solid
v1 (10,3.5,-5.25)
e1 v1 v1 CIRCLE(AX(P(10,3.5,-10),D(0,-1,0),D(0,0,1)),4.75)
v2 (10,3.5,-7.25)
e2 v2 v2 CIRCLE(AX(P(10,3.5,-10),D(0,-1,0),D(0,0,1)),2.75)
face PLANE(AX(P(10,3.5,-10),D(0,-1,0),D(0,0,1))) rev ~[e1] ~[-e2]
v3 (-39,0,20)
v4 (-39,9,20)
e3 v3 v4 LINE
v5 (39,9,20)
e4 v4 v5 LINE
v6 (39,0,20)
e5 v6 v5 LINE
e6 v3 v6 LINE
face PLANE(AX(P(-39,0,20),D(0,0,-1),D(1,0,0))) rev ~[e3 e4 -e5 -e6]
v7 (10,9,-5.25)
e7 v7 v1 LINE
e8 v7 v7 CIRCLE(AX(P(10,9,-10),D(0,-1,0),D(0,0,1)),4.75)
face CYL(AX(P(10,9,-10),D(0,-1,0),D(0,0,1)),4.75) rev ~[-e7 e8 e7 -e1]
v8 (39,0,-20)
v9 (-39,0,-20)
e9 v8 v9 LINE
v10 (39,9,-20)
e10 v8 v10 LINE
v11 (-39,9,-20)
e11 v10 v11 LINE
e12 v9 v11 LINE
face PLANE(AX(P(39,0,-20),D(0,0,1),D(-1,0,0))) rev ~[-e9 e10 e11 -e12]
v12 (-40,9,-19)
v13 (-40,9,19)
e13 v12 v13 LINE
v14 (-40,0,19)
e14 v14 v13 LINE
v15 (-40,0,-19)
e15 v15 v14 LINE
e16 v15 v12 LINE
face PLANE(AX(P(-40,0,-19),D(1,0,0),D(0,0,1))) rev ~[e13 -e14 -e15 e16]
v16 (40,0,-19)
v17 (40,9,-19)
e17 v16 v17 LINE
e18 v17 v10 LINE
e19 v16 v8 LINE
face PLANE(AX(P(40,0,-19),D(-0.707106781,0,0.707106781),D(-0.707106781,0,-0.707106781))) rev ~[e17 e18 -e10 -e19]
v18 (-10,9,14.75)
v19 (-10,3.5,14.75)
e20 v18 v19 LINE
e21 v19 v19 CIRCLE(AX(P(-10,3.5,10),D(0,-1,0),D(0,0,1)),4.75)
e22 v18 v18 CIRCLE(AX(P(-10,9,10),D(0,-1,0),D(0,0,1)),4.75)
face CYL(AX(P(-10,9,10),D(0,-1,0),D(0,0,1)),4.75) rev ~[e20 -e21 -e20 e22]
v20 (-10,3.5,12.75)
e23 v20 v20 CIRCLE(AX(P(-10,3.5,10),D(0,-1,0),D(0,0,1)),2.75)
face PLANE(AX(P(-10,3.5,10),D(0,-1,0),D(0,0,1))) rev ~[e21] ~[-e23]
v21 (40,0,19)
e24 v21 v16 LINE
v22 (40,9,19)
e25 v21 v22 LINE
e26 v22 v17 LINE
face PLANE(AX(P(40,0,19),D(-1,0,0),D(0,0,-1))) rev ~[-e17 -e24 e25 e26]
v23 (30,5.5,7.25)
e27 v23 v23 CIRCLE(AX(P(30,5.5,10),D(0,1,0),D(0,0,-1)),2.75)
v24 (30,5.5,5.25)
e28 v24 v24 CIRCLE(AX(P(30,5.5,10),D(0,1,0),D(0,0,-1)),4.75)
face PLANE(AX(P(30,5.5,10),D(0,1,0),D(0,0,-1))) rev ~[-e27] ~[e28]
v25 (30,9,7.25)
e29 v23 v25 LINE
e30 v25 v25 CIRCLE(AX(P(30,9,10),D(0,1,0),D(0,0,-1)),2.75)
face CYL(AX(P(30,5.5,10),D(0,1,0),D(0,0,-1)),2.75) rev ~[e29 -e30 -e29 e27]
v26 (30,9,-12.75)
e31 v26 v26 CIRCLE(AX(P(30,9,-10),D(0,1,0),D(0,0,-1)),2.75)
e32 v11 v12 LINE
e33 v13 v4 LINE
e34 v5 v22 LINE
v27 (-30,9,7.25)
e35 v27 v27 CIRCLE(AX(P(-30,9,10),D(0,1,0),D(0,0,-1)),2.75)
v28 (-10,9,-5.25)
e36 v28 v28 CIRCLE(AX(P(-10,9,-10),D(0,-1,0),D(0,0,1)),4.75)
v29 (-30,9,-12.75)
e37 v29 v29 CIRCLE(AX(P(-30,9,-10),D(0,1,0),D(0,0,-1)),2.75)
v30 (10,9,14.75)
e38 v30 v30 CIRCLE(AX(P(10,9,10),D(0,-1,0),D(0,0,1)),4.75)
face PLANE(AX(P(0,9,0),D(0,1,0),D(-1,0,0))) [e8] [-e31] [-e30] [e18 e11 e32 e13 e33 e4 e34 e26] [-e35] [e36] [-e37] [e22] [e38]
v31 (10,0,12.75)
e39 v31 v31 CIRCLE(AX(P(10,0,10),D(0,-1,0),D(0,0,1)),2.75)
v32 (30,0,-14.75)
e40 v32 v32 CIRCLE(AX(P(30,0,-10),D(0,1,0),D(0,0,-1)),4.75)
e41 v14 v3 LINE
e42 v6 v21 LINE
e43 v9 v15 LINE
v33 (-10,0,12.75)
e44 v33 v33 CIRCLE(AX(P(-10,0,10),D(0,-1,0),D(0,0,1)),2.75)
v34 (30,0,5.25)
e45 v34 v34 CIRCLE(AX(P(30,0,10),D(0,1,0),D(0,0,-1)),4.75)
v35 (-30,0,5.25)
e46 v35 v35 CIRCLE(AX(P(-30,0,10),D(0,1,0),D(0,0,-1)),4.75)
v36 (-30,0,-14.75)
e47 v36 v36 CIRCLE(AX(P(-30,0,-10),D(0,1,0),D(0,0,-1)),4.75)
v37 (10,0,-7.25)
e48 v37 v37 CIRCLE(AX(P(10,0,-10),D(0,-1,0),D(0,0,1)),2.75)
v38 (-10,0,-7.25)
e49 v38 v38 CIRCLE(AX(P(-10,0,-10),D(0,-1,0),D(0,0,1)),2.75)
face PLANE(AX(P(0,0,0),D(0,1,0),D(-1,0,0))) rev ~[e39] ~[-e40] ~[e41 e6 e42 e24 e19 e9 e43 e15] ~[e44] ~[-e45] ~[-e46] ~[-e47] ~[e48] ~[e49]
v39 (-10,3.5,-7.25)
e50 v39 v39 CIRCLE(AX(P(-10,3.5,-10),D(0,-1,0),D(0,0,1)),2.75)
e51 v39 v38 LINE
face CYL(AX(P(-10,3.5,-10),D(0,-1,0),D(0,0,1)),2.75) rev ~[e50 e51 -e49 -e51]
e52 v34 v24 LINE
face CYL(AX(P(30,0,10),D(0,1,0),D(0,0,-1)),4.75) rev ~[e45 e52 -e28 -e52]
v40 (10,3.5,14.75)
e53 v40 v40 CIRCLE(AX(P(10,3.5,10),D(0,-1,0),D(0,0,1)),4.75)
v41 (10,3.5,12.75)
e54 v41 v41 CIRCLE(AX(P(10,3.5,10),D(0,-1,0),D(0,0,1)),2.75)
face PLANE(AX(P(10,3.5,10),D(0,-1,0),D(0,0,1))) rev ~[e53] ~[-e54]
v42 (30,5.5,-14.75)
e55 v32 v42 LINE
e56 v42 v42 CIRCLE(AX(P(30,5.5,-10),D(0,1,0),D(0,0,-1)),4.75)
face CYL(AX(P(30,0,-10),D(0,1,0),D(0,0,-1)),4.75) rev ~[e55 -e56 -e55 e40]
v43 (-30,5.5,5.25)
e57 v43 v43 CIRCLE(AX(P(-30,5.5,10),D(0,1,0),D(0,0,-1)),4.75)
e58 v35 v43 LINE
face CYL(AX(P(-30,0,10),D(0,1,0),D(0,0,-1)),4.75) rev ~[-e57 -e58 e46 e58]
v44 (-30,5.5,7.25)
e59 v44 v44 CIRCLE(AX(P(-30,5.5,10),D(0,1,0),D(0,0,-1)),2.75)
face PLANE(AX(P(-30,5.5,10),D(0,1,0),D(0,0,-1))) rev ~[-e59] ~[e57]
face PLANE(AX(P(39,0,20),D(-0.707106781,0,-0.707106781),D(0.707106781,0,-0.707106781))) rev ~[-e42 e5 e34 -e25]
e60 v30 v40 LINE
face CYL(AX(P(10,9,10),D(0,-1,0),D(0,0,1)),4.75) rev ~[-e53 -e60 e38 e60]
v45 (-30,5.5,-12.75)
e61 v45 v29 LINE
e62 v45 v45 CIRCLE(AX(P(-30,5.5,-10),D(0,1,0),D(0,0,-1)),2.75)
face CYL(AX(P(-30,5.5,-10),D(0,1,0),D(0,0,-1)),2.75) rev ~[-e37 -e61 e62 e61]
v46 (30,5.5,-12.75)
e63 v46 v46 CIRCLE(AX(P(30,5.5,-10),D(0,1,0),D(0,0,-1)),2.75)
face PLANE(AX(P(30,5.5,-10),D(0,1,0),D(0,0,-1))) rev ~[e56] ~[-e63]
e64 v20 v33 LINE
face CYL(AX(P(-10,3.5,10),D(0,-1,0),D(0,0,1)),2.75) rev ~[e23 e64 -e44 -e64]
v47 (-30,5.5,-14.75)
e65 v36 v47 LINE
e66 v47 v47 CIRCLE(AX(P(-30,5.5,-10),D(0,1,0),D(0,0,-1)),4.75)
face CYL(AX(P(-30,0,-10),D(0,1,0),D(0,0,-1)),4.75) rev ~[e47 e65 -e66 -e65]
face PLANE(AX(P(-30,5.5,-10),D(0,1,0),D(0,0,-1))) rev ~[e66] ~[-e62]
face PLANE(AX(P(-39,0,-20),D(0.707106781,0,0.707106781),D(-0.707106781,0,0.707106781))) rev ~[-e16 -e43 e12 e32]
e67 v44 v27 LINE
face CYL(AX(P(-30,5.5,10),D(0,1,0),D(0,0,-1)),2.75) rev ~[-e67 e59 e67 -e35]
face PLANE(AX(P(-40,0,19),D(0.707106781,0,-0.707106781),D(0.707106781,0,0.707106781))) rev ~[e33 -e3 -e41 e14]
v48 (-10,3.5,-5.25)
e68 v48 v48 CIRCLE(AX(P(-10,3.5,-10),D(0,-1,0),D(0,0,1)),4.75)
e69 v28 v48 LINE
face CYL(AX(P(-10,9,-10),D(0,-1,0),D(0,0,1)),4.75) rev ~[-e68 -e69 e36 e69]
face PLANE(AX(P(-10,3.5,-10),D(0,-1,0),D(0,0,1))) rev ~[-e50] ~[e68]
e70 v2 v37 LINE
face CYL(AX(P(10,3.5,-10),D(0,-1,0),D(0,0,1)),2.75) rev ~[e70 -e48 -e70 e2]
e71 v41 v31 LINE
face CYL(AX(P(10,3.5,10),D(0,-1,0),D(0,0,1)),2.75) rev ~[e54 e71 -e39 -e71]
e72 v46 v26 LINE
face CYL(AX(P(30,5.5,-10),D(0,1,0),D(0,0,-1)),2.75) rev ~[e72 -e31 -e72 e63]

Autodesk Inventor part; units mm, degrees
sketch "Sketch_4" plane through (0, 0, 0) normal (0, 1, 0) x (-1, 0, 0)
  line L0 (40, -19) -> (40, 19)
  line L1 (40, 19) -> (39, 20)
  line L2 (39, 20) -> (-39, 20)
  line L3 (-39, 20) -> (-40, 19)
  line L4 (-40, 19) -> (-40, -19)
  line L5 (-40, -19) -> (-39, -20)
  line L6 (-39, -20) -> (39, -20)
  line L7 (39, -20) -> (40, -19)
extrude "Extrusion1" add sketch "Sketch_4" along normal blind 9
sketch "Sketch2" plane through (0, 0, 0) normal (0, -1, 0) x (1, 0, 0)
  point P0 (-30, 10)
hole "Hole1" at (-30, 0, 10) direction (0, 1, 0) diameter 5.5 depth 9 counterbore diameter 9.5 counterbore depth 5.5
pattern_linear "Rectangular Pattern1" count 2 spacing 60 along (1, 0, 0) count 2 spacing 20 along (0, 0, -1) of "Hole1"
sketch "Sketch3" plane through (0, 9, 0) normal (0, 1, 0) x (1, 0, 0)
  point P0 (-10, -10)
hole "Hole2" at (-10, 9, 10) direction (0, -1, 0) diameter 5.5 depth 9 counterbore diameter 9.5 counterbore depth 5.5
pattern_linear "Rectangular Pattern2" count 2 spacing 20 along (1, 0, 0) count 2 spacing 20 along (0, 0, -1) of "Hole2"
ref_plane "bolt4_1_XY" through (-10, 3.5, 10) normal (0, 1, 0) x (1, 0, 0)
ref_plane "bolt4_1_YZ" through (-10, 3.5, 10) normal (1, 0, 0) x (0, 0, -1)
ref_plane "bolt4_1_ZX" through (-10, 3.5, 10) normal (0, 0, -1) x (0, 1, 0)
ref_plane "bolt4_2_XY" through (10, 3.5, 10) normal (0, 1, 0) x (1, 0, 0)
ref_plane "bolt4_2_YZ" through (10, 3.5, 10) normal (1, 0, 0) x (0, 0, -1)
ref_plane "bolt4_2_ZX" through (10, 3.5, 10) normal (0, 0, -1) x (0, 1, 0)
ref_plane "bolt4_3_XY" through (-10, 3.5, -10) normal (0, 1, 0) x (1, 0, 0)
ref_plane "bolt4_3_YZ" through (-10, 3.5, -10) normal (1, 0, 0) x (0, 0, -1)
ref_plane "bolt4_3_ZX" through (-10, 3.5, -10) normal (0, 0, -1) x (0, 1, 0)
ref_plane "bolt4_4_XY" through (10, 3.5, -10) normal (0, 1, 0) x (1, 0, 0)
ref_plane "bolt4_4_YZ" through (10, 3.5, -10) normal (1, 0, 0) x (0, 0, -1)
ref_plane "bolt4_4_ZX" through (10, 3.5, -10) normal (0, 0, -1) x (0, 1, 0)
ref_plane "bolt5_1_XY" through (-30, 5.5, 10) normal (0, 1, 0) x (1, 0, 0)
ref_plane "bolt5_1_YZ" through (-30, 5.5, 10) normal (1, 0, 0) x (0, 0, -1)
ref_plane "bolt5_1_ZX" through (-30, 5.5, 10) normal (0, 0, -1) x (0, 1, 0)
ref_plane "bolt5_2_XY" through (30, 5.5, 10) normal (0, 1, 0) x (1, 0, 0)
ref_plane "bolt5_2_YZ" through (30, 5.5, 10) normal (1, 0, 0) x (0, 0, -1)
ref_plane "bolt5_2_ZX" through (30, 5.5, 10) normal (0, 0, -1) x (0, 1, 0)
ref_plane "bolt5_3_XY" through (-30, 5.5, -10) normal (0, 1, 0) x (1, 0, 0)
ref_plane "bolt5_3_YZ" through (-30, 5.5, -10) normal (1, 0, 0) x (0, 0, -1)
ref_plane "bolt5_3_ZX" through (-30, 5.5, -10) normal (0, 0, -1) x (0, 1, 0)
ref_plane "bolt5_4_XY" through (30, 5.5, -10) normal (0, 1, 0) x (1, 0, 0)
ref_plane "bolt5_4_YZ" through (30, 5.5, -10) normal (1, 0, 0) x (0, 0, -1)
ref_plane "bolt5_4_ZX" through (30, 5.5, -10) normal (0, 0, -1) x (0, 1, 0)
ref_plane "bracket_XY" through (0, 9, 0) normal (0, 1, 0) x (1, 0, 0)
ref_plane "bracket_YZ" through (0, 9, 0) normal (1, 0, 0) x (0, 0, -1)
ref_plane "bracket_ZX" through (0, 9, 0) normal (0, 0, -1) x (0, 1, 0)
properties part number "HBLPL5-4040"
